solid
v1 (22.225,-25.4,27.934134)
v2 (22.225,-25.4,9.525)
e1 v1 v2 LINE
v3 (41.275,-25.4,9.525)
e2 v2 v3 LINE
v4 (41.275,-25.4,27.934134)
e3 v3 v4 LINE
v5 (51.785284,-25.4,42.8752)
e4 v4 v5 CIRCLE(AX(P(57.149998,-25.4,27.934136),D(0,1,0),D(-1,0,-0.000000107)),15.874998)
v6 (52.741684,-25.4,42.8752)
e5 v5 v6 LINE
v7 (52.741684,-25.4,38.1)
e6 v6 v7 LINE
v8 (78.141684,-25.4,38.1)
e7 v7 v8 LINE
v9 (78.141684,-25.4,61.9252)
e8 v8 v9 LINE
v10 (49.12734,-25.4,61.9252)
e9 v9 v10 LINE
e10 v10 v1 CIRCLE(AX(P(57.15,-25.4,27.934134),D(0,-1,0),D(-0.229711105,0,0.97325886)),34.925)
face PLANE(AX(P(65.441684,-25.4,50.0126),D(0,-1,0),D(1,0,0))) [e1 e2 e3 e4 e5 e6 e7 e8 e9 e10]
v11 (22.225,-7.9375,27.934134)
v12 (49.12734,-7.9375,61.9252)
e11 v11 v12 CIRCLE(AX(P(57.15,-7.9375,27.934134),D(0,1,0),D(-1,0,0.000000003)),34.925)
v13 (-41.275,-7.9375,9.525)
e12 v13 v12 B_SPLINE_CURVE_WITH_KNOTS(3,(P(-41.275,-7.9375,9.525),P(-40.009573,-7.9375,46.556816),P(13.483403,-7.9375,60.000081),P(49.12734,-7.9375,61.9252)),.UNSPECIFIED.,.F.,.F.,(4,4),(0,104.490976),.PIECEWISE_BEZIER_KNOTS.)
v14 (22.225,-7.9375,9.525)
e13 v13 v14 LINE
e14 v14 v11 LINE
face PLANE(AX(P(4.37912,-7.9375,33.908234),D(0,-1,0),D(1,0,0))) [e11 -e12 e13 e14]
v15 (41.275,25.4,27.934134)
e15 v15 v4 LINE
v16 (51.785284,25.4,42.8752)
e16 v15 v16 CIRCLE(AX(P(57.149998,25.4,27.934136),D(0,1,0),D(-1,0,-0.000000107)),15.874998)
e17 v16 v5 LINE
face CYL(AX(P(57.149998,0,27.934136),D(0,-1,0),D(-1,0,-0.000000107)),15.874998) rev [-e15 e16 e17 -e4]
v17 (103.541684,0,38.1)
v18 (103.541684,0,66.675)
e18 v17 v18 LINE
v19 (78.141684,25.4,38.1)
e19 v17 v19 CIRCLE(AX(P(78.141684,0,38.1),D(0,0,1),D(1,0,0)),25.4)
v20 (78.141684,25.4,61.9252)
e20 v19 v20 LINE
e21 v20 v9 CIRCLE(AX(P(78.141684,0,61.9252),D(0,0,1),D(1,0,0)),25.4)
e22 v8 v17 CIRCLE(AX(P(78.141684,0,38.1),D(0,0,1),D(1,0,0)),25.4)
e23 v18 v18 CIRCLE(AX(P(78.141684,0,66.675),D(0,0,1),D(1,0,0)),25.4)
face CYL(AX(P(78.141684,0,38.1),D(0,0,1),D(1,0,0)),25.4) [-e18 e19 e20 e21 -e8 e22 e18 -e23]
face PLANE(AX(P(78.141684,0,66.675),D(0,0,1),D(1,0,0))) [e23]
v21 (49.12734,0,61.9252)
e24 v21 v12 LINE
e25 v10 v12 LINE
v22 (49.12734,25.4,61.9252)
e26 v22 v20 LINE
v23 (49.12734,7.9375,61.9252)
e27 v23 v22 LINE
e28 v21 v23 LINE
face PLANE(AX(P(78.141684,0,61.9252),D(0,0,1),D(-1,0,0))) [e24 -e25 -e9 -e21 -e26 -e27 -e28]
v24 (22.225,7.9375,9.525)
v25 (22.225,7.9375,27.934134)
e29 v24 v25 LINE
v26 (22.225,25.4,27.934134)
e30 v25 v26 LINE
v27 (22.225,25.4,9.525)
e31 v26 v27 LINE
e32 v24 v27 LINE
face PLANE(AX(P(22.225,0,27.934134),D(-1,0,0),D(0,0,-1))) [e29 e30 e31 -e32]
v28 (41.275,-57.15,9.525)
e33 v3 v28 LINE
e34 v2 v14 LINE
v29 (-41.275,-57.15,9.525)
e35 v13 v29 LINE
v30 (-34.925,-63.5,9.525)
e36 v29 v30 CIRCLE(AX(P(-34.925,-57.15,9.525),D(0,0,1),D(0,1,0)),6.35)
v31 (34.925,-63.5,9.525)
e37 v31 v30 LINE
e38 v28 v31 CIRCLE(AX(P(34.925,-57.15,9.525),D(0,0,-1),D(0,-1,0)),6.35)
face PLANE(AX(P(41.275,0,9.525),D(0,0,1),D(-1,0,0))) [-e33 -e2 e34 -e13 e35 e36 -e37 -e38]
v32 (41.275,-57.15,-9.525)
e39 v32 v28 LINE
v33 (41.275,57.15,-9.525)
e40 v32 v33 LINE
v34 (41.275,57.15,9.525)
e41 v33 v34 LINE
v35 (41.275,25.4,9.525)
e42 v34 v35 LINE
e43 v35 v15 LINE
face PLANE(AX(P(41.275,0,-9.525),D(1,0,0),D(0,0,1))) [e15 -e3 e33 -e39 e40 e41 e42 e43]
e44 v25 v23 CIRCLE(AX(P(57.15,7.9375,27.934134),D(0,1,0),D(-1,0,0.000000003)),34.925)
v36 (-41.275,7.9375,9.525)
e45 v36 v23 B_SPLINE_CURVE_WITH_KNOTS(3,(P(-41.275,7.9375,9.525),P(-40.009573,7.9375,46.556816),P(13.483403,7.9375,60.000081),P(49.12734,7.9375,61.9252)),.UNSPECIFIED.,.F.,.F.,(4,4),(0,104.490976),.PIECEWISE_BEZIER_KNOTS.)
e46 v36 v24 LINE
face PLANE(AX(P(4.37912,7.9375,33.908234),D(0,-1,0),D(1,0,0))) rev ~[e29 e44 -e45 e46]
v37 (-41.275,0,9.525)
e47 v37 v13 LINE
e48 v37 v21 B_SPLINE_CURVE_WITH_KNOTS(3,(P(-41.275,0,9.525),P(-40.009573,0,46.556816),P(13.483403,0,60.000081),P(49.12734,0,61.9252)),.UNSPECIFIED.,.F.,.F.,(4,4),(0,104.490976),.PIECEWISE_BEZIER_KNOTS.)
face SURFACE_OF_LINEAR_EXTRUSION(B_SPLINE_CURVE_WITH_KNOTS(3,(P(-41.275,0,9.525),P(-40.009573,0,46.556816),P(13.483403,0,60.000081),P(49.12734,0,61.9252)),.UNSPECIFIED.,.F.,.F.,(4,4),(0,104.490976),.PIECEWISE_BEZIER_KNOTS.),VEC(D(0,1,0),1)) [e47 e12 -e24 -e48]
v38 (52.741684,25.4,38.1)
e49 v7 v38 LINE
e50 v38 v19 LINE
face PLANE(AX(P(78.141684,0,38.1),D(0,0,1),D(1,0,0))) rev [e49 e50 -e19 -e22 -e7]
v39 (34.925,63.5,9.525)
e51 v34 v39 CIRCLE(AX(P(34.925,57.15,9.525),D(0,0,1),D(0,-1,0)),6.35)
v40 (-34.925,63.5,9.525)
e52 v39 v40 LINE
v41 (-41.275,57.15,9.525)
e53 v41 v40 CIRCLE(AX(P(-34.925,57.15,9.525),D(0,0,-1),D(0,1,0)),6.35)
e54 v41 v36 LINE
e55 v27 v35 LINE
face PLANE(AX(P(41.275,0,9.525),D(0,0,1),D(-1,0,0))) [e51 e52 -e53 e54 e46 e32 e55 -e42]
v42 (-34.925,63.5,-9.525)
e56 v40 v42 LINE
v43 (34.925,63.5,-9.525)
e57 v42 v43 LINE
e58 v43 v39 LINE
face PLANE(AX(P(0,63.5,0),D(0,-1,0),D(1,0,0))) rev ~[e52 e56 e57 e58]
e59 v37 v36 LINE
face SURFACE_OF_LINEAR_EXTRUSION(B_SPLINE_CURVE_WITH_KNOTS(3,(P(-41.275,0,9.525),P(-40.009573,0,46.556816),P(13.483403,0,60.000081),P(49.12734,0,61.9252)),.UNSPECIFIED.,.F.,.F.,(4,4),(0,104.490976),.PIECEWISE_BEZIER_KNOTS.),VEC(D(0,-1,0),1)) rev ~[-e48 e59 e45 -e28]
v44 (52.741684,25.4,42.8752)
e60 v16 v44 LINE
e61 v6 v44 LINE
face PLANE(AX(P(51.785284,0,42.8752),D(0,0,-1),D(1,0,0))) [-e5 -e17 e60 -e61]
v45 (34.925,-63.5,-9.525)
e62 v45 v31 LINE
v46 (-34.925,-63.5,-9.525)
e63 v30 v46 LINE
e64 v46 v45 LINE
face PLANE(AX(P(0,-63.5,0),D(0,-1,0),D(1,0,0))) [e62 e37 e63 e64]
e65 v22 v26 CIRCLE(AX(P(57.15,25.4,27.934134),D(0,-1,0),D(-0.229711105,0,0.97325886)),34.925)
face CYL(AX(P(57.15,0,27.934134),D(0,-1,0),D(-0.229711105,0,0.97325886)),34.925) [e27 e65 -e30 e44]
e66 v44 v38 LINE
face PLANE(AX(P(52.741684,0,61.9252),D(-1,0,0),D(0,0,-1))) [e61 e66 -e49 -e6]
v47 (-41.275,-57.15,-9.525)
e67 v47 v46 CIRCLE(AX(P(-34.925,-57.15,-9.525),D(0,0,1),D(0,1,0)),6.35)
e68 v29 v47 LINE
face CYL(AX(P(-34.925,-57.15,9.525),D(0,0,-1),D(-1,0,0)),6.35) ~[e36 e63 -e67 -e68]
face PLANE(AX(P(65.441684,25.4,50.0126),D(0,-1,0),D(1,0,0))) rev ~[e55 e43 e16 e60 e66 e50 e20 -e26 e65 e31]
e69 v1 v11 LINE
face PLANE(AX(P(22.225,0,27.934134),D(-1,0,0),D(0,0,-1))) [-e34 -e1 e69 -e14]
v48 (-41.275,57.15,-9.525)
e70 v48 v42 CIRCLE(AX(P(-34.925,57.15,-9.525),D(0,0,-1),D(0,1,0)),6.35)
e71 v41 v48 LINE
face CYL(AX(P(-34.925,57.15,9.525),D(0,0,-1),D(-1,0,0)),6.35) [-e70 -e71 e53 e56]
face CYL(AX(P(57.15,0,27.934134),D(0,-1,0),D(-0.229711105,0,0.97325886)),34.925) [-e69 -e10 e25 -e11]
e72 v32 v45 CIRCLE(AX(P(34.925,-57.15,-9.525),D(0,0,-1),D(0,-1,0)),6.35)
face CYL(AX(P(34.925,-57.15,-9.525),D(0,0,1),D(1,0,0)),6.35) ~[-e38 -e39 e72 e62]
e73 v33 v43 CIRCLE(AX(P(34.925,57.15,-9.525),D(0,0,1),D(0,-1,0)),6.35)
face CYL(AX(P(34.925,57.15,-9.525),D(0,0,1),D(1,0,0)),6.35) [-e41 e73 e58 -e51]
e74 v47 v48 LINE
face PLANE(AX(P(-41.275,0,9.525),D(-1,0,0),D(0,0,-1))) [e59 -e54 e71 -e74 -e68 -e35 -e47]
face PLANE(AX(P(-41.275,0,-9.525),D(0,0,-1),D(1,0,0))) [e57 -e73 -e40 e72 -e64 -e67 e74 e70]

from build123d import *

# Parameters (mm, degrees)
F1_DEPTH = 63.5
F2_DEPTH = 25.4
F3_DEPTH = 7.9375
F4_DEPTH = 25.4
F6_R     = 6.35


with BuildPart() as f1:
    # F0 (on Front) → F1 (new body, symmetric)
    with BuildSketch(Plane.XZ):
        Polygon((41.275, -9.525), (41.275, 9.525), (22.225, 9.525), (-41.275, 9.525), (-41.275, -9.525), align=None)
    extrude(amount=F1_DEPTH, both=True)

    # F0 (on Front) → F2 (join, symmetric)
    with BuildSketch(Plane.XZ):
        with BuildLine():
            Line((22.225, 9.525), (41.275, 9.525))
            Line((41.275, 9.525), (41.275, 27.934134))
            ThreePointArc((41.275, 27.934134), (44.165769, 37.067884), (51.785284, 42.8752))
            Line((51.785284, 42.8752), (52.741684, 42.8752))
            Line((52.741684, 42.8752), (52.741684, 61.9252))
            Line((52.741684, 61.9252), (49.12734, 61.9252))
            ThreePointArc((49.12734, 61.9252), (29.764356, 49.608592), (22.225, 27.934134))
            Line((22.225, 27.934134), (22.225, 9.525))
        make_face()
    extrude(amount=F2_DEPTH, both=True)

    # F0 (on Front) → F3 (join, symmetric)
    with BuildSketch(Plane.XZ):
        with BuildLine():
            Line((-41.275, 9.525), (22.225, 9.525))
            Line((22.225, 9.525), (22.225, 27.934134))
            ThreePointArc((22.225, 27.934134), (29.764356, 49.608592), (49.12734, 61.9252))
            add(Edge.make_bspline(
                [(-41.275, 9.525), (-40.009573, 46.556816), (13.483403, 60.000081), (49.12734, 61.9252)],
                knots=[0, 0, 0, 0, 104.490976, 104.490976, 104.490976, 104.490976], degree=3))
        make_face()
    extrude(amount=F3_DEPTH, both=True)

    # F0 (on Front) → F4 (join, symmetric)
    with BuildSketch(Plane.XZ):
        Polygon((52.741684, 61.9252), (52.741684, 42.8752), (52.741684, 38.1), (78.141684, 38.1), (78.141684, 61.9252), align=None)
    extrude(amount=F4_DEPTH, both=True)

    # F0 (on Front) → F5 (revolve)
    with BuildSketch(Plane.XZ):
        Polygon((78.141684, 66.675), (78.141684, 61.9252), (78.141684, 38.1), (103.541684, 38.1), (103.541684, 66.675), align=None)
    revolve(axis=Axis((78.141684, 0, 52.3875), (0, 0, 1)))

    # F6
    f6_edges = [f1.edges().sort_by_distance(p)[0] for p in [
        (41.275, -63.5, 0),
        (-41.275, -63.5, 0),
        (-41.275, 63.5, 0),
        (41.275, 63.5, 0),
    ]]
    fillet(f6_edges, radius=F6_R)


solid = f1.part
